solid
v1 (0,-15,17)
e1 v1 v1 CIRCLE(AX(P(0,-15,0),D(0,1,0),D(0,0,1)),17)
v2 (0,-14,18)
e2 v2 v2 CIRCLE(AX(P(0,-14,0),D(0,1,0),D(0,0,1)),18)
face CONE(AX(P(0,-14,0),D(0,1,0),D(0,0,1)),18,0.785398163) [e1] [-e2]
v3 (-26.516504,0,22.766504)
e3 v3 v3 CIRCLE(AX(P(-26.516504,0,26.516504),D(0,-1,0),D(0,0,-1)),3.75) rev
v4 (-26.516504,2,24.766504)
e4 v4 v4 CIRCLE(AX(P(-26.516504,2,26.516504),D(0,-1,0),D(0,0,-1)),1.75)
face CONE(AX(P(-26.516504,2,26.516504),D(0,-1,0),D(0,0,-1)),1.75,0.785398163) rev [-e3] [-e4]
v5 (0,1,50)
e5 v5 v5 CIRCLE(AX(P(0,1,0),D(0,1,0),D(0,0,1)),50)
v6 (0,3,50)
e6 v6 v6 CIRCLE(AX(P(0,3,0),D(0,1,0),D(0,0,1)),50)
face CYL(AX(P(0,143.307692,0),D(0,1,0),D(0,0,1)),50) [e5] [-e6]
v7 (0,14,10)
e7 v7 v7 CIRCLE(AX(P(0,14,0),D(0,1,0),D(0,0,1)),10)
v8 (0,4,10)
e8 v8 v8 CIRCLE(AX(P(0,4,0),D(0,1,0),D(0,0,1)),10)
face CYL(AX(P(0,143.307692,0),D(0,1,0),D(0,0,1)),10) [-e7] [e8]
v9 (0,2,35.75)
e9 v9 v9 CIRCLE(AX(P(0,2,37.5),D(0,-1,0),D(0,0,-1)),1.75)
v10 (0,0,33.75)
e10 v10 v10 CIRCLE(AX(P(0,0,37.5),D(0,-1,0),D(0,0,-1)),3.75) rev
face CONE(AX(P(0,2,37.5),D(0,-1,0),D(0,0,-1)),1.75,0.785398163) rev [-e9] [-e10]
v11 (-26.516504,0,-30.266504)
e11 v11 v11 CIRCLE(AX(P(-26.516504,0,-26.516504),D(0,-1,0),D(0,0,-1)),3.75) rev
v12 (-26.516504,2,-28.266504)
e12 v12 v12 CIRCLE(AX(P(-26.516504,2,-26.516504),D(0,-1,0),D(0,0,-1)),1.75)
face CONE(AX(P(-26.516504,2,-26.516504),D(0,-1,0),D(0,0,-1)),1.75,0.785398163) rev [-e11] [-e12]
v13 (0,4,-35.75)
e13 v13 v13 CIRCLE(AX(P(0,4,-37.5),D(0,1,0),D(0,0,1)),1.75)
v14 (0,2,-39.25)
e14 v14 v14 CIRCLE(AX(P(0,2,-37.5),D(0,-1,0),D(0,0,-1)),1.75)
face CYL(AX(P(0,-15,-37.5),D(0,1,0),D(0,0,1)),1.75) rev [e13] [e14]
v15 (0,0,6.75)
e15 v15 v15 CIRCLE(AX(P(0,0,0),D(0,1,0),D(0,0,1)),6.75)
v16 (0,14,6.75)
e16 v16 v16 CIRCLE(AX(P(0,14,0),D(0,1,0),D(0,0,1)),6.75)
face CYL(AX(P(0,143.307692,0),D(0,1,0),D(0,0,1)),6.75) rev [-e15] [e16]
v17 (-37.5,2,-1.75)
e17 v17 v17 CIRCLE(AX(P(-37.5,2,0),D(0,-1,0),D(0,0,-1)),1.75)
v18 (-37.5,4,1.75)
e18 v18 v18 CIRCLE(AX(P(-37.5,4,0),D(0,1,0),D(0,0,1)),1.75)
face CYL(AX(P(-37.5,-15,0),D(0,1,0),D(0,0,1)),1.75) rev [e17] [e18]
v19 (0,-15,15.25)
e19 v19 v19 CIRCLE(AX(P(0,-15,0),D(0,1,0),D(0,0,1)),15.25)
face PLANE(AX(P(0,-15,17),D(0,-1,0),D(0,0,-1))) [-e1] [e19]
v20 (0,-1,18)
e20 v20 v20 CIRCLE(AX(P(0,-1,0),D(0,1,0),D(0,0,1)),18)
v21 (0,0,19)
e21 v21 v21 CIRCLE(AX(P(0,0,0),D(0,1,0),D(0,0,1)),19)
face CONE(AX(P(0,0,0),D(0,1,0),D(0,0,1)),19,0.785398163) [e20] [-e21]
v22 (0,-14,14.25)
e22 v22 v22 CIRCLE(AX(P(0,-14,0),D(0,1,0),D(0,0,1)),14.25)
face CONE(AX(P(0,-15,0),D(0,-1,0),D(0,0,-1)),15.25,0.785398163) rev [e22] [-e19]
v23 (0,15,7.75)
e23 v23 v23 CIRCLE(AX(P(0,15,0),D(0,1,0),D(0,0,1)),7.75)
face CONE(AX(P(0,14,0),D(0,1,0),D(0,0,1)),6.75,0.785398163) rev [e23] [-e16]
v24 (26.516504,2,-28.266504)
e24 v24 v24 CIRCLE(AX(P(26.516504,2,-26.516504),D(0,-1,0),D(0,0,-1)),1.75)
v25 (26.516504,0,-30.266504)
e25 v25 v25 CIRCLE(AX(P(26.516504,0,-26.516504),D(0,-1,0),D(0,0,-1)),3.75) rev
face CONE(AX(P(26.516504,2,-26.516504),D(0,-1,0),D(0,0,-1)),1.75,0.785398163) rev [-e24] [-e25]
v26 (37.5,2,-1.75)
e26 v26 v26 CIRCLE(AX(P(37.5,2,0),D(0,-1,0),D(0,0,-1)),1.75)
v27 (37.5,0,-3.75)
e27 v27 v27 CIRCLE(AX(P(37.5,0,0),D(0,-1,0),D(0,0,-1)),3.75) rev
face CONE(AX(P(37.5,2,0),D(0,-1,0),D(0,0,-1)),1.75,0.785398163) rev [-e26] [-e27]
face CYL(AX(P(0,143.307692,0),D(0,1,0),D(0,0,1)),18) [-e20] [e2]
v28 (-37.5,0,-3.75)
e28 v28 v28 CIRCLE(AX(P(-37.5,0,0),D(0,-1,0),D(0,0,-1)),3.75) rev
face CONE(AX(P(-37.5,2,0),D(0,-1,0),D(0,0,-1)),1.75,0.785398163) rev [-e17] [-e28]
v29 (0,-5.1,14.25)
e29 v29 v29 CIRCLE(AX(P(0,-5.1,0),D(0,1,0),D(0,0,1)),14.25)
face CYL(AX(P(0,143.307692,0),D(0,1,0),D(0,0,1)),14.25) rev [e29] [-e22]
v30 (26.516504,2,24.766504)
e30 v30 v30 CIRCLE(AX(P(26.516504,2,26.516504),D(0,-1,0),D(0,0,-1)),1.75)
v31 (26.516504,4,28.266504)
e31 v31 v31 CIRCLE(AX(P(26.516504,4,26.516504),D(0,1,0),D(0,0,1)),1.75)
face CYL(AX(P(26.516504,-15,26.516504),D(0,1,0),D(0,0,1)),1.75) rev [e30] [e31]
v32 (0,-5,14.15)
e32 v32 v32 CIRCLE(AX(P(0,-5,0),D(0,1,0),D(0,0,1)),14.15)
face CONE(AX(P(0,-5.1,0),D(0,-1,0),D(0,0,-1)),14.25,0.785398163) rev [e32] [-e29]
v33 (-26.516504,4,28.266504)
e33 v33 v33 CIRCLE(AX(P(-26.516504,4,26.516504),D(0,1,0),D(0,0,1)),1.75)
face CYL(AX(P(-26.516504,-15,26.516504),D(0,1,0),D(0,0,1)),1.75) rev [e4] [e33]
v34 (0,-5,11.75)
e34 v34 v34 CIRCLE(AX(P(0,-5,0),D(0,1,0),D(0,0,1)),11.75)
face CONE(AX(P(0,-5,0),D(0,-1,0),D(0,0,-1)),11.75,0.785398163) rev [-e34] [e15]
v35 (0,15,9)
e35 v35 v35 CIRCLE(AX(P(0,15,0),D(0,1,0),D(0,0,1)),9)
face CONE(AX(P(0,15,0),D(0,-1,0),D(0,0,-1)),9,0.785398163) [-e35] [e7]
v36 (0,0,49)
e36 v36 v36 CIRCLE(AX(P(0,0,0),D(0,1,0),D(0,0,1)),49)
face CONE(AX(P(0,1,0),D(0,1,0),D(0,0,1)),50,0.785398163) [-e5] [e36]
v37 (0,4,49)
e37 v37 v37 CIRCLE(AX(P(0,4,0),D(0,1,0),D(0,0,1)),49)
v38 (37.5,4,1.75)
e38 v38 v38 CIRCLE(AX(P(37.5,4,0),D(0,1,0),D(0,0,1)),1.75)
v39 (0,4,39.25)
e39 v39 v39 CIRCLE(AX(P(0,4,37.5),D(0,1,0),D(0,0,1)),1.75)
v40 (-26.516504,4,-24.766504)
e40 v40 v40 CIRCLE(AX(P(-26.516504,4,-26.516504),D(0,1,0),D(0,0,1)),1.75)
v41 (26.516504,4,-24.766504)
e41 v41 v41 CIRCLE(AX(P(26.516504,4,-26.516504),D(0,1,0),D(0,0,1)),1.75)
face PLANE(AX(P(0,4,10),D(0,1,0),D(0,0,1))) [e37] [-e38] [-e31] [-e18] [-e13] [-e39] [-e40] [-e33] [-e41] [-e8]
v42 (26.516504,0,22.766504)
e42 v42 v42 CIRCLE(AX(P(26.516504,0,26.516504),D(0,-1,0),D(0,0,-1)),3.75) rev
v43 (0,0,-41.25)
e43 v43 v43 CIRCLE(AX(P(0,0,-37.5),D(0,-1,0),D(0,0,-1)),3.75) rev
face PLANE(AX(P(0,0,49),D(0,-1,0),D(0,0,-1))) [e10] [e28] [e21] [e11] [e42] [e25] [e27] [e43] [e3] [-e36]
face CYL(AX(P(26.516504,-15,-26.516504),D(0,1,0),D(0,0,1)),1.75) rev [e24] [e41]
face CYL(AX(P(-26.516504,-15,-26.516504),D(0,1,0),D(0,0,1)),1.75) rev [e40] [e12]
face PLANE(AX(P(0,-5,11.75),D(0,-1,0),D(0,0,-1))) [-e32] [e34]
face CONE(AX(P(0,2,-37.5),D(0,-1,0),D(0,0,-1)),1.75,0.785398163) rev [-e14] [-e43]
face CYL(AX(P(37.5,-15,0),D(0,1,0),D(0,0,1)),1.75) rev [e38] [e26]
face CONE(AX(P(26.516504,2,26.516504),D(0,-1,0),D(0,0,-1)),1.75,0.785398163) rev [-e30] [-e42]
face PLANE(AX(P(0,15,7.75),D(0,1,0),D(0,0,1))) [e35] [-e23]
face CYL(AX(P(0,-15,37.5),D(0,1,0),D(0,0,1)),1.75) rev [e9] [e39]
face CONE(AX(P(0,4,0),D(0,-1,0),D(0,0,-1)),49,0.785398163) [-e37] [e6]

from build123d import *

# Parameters (mm, degrees)
CUT_EXTRUDE1_DEPTH      = 74.218850032
CUT_EXTRUDE1_DEPTH_BACK = 74.218850032
SKETCH2_R               = 1.75
CHAMFER1_SIZE           = 2


with BuildPart() as part:
    # Sketch1 → Revolve1 (revolve)
    with BuildSketch(Plane(origin=(0, 0, 0), x_dir=(0, 0, -1), z_dir=(1, 0, 0))):
        Polygon((-10, 14), (-10, 4), (-49, 4), (-50, 3), (-50, 1), (-49, 0), (-19, 0), (-18, -1), (-18, -14), (-17, -15), (-15.25, -15), (-14.25, -14), (-14.25, -5.1), (-14.15, -5), (-11.75, -5), (-6.75, 0), (-6.75, 14), (-7.75, 15), (-9, 15), align=None)
    revolve(axis=Axis((0, 143.307692308, 0), (0, -1, 0)))

    # Sketch2 → Cut-Extrude1 (cut, two sides: drawn at the far end of the back side and taken through both)
    with BuildSketch(Plane(origin=(0, 4, 0), x_dir=(1, 0, 0), z_dir=(0, 1, 0)).offset(-CUT_EXTRUDE1_DEPTH_BACK)):
        with Locations(Location((0, 37.5, 0), (0, 0, 270))):
            Circle(SKETCH2_R)
        with Locations(Location((26.516504294, 26.516504294, 0), (0, 0, 270))):
            Circle(SKETCH2_R)
        with Locations(Location((37.5, 0, 0), (0, 0, 270))):
            Circle(SKETCH2_R)
        with Locations(Location((26.516504294, -26.516504294, 0), (0, 0, 270))):
            Circle(SKETCH2_R)
        with Locations(Location((0, -37.5, 0), (0, 0, 270))):
            Circle(SKETCH2_R)
        with Locations(Location((-26.516504294, -26.516504294, 0), (0, 0, 270))):
            Circle(SKETCH2_R)
        with Locations(Location((-37.5, 0, 0), (0, 0, 270))):
            Circle(SKETCH2_R)
        with Locations(Location((-26.516504294, 26.516504294, 0), (0, 0, 270))):
            Circle(SKETCH2_R)
    extrude(amount=CUT_EXTRUDE1_DEPTH + CUT_EXTRUDE1_DEPTH_BACK, mode=Mode.SUBTRACT)

    # Chamfer1
    chamfer1_edges = [part.edges().sort_by_distance(p)[0] for p in [
        (0, 0, -39.25),
        (26.516504294, 0, -28.266504294),
        (37.5, 0, -1.75),
        (26.516504294, 0, 24.766504294),
        (0, 0, 35.75),
        (-26.516504294, 0, 24.766504294),
        (-37.5, 0, -1.75),
        (-26.516504294, 0, -28.266504294),
    ]]
    chamfer(chamfer1_edges, length=CHAMFER1_SIZE)


solid = part.part
